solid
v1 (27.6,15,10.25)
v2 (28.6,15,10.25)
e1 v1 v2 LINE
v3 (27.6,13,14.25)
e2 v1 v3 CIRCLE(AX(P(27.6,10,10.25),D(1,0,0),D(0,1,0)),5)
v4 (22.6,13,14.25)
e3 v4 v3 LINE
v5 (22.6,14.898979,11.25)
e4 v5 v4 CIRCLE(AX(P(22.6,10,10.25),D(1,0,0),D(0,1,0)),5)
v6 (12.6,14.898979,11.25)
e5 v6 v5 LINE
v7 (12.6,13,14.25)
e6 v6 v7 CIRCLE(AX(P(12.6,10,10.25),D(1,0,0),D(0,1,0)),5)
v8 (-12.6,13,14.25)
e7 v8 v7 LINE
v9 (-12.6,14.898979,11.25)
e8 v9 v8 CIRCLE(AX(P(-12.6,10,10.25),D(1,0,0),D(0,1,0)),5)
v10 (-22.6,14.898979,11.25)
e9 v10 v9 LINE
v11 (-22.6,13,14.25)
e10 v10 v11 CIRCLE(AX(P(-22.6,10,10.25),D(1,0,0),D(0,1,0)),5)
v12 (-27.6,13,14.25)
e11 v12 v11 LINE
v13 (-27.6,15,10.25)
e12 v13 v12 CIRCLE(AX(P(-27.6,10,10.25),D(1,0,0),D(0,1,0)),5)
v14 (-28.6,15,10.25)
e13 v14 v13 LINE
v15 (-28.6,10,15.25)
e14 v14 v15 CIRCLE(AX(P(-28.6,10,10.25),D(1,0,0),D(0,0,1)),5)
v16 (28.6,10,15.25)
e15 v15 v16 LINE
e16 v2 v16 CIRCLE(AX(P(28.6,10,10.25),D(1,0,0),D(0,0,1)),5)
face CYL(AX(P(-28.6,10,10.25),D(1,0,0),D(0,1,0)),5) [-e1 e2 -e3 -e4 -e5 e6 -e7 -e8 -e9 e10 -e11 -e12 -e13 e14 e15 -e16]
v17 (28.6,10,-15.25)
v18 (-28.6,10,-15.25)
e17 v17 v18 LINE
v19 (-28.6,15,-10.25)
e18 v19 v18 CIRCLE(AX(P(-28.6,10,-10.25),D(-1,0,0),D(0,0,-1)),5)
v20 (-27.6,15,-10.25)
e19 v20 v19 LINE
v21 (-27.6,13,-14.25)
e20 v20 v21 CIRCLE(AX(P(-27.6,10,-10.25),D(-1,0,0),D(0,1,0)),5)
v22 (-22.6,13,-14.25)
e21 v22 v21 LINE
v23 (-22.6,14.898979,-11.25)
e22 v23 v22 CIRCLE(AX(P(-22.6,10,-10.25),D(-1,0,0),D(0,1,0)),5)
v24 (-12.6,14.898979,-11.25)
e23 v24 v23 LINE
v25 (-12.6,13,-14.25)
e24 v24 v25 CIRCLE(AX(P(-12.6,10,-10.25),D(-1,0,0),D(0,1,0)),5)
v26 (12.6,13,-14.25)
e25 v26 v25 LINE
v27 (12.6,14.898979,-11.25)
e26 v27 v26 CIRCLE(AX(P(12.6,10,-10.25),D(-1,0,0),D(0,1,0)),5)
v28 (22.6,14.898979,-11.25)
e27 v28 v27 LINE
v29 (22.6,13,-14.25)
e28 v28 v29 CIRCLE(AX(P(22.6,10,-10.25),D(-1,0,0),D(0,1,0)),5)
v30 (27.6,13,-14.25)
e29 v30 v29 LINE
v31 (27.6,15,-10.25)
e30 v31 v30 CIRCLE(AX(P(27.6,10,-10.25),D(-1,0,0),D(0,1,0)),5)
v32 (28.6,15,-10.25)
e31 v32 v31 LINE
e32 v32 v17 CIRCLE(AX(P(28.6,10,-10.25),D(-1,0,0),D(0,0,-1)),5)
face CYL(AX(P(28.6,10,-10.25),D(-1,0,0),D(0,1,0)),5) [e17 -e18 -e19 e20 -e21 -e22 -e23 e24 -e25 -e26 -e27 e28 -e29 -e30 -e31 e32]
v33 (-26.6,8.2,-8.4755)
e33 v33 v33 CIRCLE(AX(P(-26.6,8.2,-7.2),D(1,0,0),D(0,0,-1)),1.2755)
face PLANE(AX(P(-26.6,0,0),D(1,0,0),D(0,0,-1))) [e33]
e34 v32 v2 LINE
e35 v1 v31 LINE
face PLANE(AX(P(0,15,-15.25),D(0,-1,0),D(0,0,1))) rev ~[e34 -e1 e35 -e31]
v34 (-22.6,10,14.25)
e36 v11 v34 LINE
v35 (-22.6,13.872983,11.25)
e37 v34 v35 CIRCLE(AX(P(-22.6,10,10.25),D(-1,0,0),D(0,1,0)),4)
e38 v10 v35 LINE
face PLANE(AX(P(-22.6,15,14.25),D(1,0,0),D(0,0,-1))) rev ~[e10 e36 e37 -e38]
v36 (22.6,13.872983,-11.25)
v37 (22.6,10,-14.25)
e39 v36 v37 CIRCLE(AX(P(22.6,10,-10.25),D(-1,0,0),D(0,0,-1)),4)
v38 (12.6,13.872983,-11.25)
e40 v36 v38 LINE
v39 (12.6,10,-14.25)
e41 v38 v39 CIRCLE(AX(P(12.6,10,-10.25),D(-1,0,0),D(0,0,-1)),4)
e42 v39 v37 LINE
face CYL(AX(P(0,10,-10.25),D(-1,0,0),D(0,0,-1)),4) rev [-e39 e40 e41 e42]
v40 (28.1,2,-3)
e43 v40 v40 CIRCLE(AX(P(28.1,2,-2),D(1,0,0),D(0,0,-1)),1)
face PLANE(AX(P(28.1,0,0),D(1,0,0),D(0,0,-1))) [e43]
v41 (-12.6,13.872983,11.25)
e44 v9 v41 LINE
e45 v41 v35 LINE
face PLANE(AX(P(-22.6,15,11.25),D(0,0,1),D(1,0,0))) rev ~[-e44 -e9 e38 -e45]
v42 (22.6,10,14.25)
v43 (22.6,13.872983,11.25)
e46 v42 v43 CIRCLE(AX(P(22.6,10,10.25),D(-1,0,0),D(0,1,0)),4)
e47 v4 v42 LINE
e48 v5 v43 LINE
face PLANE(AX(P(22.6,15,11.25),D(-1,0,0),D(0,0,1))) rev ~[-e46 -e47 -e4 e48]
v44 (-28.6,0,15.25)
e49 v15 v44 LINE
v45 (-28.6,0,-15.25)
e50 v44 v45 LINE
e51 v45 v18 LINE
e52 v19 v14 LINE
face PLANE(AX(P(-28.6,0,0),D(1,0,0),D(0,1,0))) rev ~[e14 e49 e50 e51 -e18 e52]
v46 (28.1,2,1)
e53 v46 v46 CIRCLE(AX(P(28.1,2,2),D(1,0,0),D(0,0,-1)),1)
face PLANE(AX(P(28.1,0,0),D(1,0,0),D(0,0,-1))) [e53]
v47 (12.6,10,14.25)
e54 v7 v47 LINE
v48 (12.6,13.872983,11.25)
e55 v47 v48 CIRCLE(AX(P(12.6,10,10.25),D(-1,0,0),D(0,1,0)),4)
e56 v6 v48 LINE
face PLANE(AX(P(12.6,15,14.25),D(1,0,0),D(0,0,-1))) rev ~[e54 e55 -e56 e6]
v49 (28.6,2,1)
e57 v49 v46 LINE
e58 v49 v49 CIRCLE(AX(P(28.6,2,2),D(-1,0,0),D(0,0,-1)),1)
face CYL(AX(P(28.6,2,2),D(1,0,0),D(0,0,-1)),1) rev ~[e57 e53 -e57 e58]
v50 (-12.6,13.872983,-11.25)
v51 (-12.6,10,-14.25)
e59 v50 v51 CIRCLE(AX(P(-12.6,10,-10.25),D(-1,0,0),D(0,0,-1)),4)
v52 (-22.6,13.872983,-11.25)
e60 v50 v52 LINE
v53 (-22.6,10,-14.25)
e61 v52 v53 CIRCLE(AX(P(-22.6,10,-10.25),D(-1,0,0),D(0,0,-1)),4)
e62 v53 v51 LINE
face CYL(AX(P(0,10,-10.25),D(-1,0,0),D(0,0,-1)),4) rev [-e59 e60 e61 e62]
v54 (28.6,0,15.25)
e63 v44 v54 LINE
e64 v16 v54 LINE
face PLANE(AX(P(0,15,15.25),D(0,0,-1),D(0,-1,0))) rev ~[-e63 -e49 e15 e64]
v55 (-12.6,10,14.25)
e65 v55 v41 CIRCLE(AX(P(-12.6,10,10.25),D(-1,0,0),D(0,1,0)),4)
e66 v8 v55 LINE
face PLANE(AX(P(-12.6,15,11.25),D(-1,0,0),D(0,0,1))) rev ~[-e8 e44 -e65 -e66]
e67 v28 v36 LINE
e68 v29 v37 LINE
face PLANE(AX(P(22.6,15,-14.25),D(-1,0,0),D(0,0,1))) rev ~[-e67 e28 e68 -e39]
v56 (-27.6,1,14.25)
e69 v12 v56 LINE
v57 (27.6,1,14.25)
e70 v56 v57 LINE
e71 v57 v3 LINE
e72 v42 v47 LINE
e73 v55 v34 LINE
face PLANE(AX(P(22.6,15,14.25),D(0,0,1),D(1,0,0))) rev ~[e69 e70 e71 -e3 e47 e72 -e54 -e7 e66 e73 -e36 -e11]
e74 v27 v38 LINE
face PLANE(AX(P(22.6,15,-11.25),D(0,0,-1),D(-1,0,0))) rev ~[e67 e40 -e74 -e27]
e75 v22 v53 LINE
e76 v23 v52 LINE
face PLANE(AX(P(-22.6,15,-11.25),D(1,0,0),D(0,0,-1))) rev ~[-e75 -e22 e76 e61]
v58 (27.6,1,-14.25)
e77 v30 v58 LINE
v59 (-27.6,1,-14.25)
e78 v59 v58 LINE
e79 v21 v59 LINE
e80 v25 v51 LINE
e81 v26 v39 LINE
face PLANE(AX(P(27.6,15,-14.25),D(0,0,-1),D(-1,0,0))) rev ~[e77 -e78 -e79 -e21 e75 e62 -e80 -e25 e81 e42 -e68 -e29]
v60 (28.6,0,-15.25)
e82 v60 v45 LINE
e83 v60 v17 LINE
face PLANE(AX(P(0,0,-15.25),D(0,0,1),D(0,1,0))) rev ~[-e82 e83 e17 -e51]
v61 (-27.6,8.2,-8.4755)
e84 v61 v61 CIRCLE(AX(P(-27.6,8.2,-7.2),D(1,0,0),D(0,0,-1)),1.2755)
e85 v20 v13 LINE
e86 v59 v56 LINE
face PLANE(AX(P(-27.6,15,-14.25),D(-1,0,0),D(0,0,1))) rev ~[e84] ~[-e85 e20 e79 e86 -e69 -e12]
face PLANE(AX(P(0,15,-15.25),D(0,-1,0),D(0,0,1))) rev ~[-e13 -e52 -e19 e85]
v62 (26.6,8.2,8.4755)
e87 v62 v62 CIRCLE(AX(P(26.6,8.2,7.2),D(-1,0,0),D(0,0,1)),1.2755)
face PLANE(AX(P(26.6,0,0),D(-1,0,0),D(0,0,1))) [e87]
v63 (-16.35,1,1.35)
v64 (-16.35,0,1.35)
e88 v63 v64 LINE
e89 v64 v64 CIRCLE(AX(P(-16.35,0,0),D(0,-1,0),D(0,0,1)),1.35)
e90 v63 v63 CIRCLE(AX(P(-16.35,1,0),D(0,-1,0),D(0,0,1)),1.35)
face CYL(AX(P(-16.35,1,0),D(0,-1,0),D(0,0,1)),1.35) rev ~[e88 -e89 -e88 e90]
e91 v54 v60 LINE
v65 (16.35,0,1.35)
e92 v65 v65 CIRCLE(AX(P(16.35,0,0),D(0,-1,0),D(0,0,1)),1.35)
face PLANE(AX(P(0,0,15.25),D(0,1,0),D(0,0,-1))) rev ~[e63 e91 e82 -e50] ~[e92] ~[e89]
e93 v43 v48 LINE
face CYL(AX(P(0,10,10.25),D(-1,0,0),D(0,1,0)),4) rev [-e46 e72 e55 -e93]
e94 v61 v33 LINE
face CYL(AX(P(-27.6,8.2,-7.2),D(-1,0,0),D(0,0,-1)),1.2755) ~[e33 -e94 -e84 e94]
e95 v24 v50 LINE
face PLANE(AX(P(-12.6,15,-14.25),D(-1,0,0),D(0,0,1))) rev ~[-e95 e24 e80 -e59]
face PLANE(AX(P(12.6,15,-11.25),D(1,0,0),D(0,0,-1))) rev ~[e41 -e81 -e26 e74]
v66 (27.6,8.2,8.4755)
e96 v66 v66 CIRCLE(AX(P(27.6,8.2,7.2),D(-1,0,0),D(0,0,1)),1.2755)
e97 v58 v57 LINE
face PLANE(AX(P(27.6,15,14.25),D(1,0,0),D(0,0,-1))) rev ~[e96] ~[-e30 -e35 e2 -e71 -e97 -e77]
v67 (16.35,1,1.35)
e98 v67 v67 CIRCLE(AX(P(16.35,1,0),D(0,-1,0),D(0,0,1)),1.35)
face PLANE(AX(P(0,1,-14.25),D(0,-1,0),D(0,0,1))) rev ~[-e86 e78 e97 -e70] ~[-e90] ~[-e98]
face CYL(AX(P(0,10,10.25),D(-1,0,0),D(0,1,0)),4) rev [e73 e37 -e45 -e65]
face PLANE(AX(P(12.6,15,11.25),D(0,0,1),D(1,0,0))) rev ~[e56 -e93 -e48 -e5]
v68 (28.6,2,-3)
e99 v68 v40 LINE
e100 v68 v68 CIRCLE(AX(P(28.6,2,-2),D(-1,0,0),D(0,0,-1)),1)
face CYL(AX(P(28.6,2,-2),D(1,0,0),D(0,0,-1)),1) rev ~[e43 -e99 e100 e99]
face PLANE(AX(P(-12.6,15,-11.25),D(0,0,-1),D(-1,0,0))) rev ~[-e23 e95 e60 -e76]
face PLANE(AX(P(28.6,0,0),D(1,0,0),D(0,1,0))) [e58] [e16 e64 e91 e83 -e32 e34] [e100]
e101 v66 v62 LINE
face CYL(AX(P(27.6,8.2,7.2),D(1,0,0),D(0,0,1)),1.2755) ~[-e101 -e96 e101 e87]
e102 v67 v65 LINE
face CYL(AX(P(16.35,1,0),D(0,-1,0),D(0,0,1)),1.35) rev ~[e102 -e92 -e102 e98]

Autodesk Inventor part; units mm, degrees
ref_plane "YZ Plane" through (0, 0, 0) normal (1, 0, 0) x (0, 1, 0)
ref_plane "XZ Plane" through (0, 0, 0) normal (0, 1, 0) x (-1, 0, 0)
ref_plane "XY Plane" through (0, 0, 0) normal (0, 0, 1) x (1, 0, 0)
sketch "Sketch1" plane through (0, 0, 0) normal (1, 0, 0) x (0, 1, 0)
  line L0 (15, 15.25) -> (0, 15.25)
  line L1 (0, 15.25) -> (0, -15.25)
  line L2 (0, -15.25) -> (15, -15.25)
  line L3 (15, -15.25) -> (15, 15.25)
  line L4 (15, 15.25) -> (0, -15.25) construction
  line L5 (0, 15.25) -> (15, -15.25) construction
  point P0 (0, 0)
  point P1 (7.5, 0)
  dimension "d0" = 15
  dimension "d1" = 30.5
  dimension "d2" = 0
  dimension "d3" = 0
extrude "Extrusion1" add sketch "Sketch1" along normal mid plane 57.2
fillet "Fillet1" radius 5 2 edges at (0, 15, 15.25) (0, 15, -15.25)
sketch "Sketch2" plane through (0, 0, 0) normal (1, 0, 0) x (0, 1, 0)
  arc A0 (10, -15.25) -> (15, -10.25) centre (10, -10.25) ccw projected
  line L0 (15, -10.25) -> (15, 10.25) projected
  arc A1 (15, 10.25) -> (10, 15.25) centre (10, 10.25) ccw projected
  line L1 (10, 15.25) -> (0, 15.25) projected
  line L2 (0, 15.25) -> (0, -15.25) projected
  line L3 (0, -15.25) -> (10, -15.25) projected
  line L4 (1, 14.25) -> (10, 14.25)
  arc A2 (14, 10.25) -> (10, 14.25) centre (10, 10.25) ccw
  line L5 (14, 10.25) -> (14, -10.25)
  arc A3 (10, -14.25) -> (14, -10.25) centre (10, -10.25) ccw
  line L6 (10, -14.25) -> (1, -14.25)
  line L7 (1, -14.25) -> (1, 14.25)
  point P0 (0, 0)
  dimension "d7" = 1
extrude "Extrusion2" cut sketch "Sketch2" along normal mid plane 55.2 contours L4 A2 L5 A3 L6 L7
sketch "Sketch3" plane through (-28.6, 15, -10.25) normal (0, 1, 0) x (1, 0, 0)
  line L0 (0, -20.5) -> (0, 0) construction
  line L1 (57.2, -20.5) -> (0, -20.5) construction
  line L2 (57.2, 0) -> (57.2, -20.5) construction
  line L3 (1, 4) -> (1, -24.5)
  line L4 (1, -24.5) -> (6, -24.5)
  line L5 (6, -24.5) -> (6, -21.5)
  line L6 (6, -21.5) -> (16, -21.5)
  line L7 (16, -21.5) -> (16, -24.5)
  line L8 (16, -24.5) -> (41.2, -24.5)
  line L9 (41.2, -24.5) -> (41.2, -21.5)
  line L10 (41.2, -21.5) -> (51.2, -21.5)
  line L11 (51.2, -21.5) -> (51.2, -24.5)
  line L12 (51.2, -24.5) -> (56.2, -24.5)
  line L13 (56.2, -24.5) -> (56.2, 4)
  line L14 (56.2, 4) -> (51.2, 4)
  line L15 (51.2, 4) -> (51.2, 1)
  line L16 (51.2, 1) -> (41.2, 1)
  line L17 (41.2, 1) -> (41.2, 4)
  line L18 (41.2, 4) -> (16, 4)
  line L19 (16, 4) -> (16, 1)
  line L20 (16, 1) -> (6, 1)
  line L21 (6, 1) -> (6, 4)
  line L22 (6, 4) -> (1, 4)
  line L23 (57.2, 5) -> (0, 5) projected
  line L24 (0, -25.5) -> (57.2, -25.5) projected
  point P0 (28.6, -10.25)
  dimension "d10" = 1
  dimension "d11" = 1
  dimension "d12" = 1
  dimension "d13" = 1
  dimension "d14" = 10
  dimension "d15" = 5
  dimension "d16" = 3
extrude "Extrusion3" cut sketch "Sketch3" against normal up to next
sketch "Sketch4" plane through (-27.6, 1, 14.25) normal (0, 1, 0) x (1, 0, 0)
  line L0 (0, 0) -> (55.2, 0) projected
  line L1 (55.2, 28.5) -> (0, 28.5) projected
  point P0 (27.6, 14.25)
  point P1 (11.25, 14.25)
  point P2 (43.95, 14.25)
  dimension "d19" = 32.7
  dimension "d20" = 16.35
  dimension "d21" = 14.25
  dimension "d22" = 14.25
  dimension "d23" = 14.25
hole "Hole1" at (-16.35, 1, 0) at (16.35, 1, 0) direction (0, -1, 0) diameter 2.7 end through all
sketch "Sketch5" plane through (-27.6, 0, 0) normal (1, 0, 0) x (0, 0, -1)
  line L0 (14.25, 1) -> (-14.25, 1) projected
  line L1 (-10.25, 15) -> (10.25, 15) projected
  circle A0 centre (7.2, 8.2) radius 1.2755
  line L2 (0, 0) -> (0, 12.8621) construction
  dimension "d31" = 7.2
  dimension "d32" = 7.2
extrude "Extrusion4" add sketch "Sketch5" along normal blind 1
pattern_circular "Circular Pattern1" count 2 over 360 about axis through (0, -10, 0) along (0, 1, 0) of "Extrusion4"
sketch "Sketch6" plane through (28.6, 0, 0) normal (1, 0, 0) x (0, 0, -1)
  circle A0 centre (-2, 2) radius 1
  circle A1 centre (2, 2) radius 1
  line L0 (-14.25, 1) -> (14.25, 1) projected
  point P0 (0, 0)
  dimension "d38" = 2
  dimension "d39" = 2
  dimension "d40" = 2
  dimension "d41" = 2
extrude "Extrusion5" cut sketch "Sketch6" against normal blind 0.5
sketch "Sketch7" plane through (28.6, 0, 0) normal (1, 0, 0) x (0, 0, -1)
  circle A0 centre (2, 2) radius 1 projected
sketch "Sketch8" plane through (28.6, 0, 0) normal (1, 0, 0) x (0, 0, -1)
  circle A0 centre (-2, 2) radius 1 projected
equation "\"d13\" = d12"
equation "\"d20\" = 0.5 * d19"
equation "\"d21\" = d22"
equation "\"d23\" = d21"
equation "\"d32\" = d31"
properties part number "AAHolder" material "ABS Plastic"
